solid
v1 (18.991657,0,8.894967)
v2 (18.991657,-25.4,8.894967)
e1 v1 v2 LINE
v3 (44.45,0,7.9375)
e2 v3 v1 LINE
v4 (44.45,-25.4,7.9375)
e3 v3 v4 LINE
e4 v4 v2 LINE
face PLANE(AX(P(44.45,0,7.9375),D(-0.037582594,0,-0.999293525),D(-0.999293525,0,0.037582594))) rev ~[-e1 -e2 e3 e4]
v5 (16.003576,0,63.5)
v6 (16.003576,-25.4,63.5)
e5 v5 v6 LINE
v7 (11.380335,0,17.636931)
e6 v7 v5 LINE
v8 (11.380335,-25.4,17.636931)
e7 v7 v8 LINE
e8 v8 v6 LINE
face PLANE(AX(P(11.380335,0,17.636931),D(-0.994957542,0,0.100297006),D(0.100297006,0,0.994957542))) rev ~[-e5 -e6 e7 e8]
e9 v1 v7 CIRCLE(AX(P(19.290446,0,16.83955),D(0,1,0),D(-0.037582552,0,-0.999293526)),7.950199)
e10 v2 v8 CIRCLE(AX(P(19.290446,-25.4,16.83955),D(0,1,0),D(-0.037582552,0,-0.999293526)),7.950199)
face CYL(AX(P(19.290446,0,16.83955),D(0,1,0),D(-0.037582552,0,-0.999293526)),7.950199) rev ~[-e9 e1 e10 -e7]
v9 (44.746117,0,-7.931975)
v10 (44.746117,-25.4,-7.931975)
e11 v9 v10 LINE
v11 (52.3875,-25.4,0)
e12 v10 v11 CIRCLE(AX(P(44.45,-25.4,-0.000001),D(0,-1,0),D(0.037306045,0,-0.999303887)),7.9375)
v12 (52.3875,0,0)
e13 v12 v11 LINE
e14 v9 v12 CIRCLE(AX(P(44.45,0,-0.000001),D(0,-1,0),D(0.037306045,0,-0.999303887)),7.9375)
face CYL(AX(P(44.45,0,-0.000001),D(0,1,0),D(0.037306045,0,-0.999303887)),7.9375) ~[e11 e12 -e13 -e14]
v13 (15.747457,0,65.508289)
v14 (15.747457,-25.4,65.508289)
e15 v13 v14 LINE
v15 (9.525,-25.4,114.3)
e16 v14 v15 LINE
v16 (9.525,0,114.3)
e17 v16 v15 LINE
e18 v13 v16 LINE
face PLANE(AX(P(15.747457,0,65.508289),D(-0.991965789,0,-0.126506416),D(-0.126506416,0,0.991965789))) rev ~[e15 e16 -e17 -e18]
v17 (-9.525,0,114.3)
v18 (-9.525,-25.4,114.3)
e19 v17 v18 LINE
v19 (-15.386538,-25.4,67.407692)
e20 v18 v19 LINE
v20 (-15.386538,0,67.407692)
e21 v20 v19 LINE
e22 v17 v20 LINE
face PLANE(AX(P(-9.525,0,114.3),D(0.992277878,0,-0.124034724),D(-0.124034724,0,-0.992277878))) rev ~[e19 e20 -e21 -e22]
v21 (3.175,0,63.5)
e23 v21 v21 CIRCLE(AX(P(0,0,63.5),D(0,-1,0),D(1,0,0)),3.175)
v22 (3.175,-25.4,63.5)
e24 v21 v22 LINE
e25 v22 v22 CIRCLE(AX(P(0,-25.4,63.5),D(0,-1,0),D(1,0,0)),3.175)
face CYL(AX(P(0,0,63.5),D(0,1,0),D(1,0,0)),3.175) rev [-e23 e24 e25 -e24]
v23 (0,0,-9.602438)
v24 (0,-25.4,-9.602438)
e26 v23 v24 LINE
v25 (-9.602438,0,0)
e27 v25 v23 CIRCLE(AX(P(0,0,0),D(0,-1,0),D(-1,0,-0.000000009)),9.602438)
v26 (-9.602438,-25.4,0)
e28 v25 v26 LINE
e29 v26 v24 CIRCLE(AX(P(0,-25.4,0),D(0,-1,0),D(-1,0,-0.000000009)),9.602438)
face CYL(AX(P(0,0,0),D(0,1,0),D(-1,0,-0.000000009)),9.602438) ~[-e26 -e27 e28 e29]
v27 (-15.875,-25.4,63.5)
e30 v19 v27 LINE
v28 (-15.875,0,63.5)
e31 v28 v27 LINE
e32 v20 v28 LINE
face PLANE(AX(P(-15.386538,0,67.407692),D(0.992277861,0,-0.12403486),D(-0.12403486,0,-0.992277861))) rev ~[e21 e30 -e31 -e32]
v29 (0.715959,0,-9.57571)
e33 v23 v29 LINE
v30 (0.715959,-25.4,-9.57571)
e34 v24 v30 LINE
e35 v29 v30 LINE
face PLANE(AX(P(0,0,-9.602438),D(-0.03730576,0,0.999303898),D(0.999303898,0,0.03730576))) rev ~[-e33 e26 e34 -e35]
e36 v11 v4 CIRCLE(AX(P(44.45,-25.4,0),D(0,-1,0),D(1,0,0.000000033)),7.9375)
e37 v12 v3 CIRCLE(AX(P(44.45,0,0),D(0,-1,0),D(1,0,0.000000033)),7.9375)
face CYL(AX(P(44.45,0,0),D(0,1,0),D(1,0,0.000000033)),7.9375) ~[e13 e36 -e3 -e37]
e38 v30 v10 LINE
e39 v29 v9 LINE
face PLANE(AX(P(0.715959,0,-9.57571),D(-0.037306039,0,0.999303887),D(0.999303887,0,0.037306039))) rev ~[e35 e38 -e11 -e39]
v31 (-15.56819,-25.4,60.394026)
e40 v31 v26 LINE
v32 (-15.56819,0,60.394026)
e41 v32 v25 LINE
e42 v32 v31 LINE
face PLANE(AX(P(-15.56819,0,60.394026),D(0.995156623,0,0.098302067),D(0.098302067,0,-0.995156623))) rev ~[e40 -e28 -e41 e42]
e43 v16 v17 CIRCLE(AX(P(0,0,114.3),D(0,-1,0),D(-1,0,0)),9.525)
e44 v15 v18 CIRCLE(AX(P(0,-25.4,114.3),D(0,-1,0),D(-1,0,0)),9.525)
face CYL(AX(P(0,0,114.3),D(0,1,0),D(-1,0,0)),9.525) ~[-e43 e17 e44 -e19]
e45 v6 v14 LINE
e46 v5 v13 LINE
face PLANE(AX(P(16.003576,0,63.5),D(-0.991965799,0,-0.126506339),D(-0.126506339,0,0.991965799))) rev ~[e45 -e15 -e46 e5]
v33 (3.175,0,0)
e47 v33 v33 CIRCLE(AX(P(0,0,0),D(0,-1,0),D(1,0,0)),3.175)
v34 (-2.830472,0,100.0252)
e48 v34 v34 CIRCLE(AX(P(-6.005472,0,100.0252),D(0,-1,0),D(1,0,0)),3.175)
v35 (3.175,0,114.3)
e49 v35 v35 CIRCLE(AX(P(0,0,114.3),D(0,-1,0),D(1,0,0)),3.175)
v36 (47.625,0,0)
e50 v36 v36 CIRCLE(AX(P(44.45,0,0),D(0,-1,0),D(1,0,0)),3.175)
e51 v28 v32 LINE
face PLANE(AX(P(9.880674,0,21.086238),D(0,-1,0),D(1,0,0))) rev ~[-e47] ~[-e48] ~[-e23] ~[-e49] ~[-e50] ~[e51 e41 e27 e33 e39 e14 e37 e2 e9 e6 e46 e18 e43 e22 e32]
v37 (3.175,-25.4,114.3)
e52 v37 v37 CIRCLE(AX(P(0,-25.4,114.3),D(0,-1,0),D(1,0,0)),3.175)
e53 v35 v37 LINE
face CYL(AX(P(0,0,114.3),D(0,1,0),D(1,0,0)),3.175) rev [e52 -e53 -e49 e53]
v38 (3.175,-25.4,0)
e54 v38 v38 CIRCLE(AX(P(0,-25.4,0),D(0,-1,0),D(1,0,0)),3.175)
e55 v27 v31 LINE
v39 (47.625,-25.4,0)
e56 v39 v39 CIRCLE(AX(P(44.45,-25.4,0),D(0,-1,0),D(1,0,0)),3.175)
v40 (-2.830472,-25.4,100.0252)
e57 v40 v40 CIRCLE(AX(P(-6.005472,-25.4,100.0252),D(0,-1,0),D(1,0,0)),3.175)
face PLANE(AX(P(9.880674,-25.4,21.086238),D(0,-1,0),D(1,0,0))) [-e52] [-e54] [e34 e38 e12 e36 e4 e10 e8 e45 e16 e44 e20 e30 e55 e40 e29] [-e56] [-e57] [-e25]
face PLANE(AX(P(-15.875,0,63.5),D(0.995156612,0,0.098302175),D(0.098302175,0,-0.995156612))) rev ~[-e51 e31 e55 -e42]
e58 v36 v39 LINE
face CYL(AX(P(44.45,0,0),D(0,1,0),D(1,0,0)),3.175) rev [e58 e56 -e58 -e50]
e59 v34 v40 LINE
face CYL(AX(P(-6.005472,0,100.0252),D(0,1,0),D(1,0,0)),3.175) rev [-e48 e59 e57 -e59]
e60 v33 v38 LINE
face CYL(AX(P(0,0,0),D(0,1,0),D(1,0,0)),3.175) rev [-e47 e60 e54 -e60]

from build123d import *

# Parameters (mm, degrees)
F0_R     = 3.175
F1_DEPTH = 25.4


with BuildPart() as f1:
    # F0 (on Front) → F1 (new body)
    with BuildSketch(Plane.XZ):
        with BuildLine():
            ThreePointArc((-9.602438, 0), (0, 9.602438), (9.602438, 0))
            ThreePointArc((9.602438, 0), (7.038529, -6.531916), (0.715959, -9.57571))
            Line((0.715959, -9.57571), (44.746117, -7.931975))
            ThreePointArc((44.746117, -7.931975), (36.513881, -0.148084), (44.45, 7.9375))
            Line((44.45, 7.9375), (18.991657, 8.894967))
            ThreePointArc((18.991657, 8.894967), (13.294448, 11.619044), (11.380335, 17.636931))
            Line((11.380335, 17.636931), (16.003576, 63.5))
            Line((16.003576, 63.5), (15.747457, 65.508289))
            ThreePointArc((15.747457, 65.508289), (15.843082, 64.506168), (15.875, 63.5))
            ThreePointArc((15.875, 63.5), (1.560545, 47.701889), (-15.56819, 60.394026))
            Line((-15.56819, 60.394026), (-9.602438, 0))
        make_face()
        with BuildLine():
            Line((-9.525, 114.3), (-15.386538, 67.407692))
            ThreePointArc((-15.386538, 67.407692), (0.966695, 79.34554), (15.747457, 65.508289))
            Line((15.747457, 65.508289), (9.525, 114.3))
            ThreePointArc((9.525, 114.3), (0, 104.775), (-9.525, 114.3))
        make_face()
        with Locations((-6.005472, 100.0252)):
            Circle(F0_R, mode=Mode.SUBTRACT)
        with BuildLine():
            Line((-15.875, 63.5), (-15.56819, 60.394026))
            ThreePointArc((-15.56819, 60.394026), (1.560545, 47.701889), (15.875, 63.5))
            ThreePointArc((15.875, 63.5), (15.843082, 64.506168), (15.747457, 65.508289))
            ThreePointArc((15.747457, 65.508289), (0.966695, 79.34554), (-15.386538, 67.407692))
            Line((-15.386538, 67.407692), (-15.875, 63.5))
        make_face()
        with Locations((0, 63.5)):
            Circle(F0_R, mode=Mode.SUBTRACT)
        with BuildLine():
            ThreePointArc((0.715959, -9.57571), (7.038529, -6.531916), (9.602438, 0))
            ThreePointArc((9.602438, 0), (0, 9.602438), (-9.602438, 0))
            ThreePointArc((-9.602438, 0), (-6.789949, -6.789949), (0, -9.602438))
            Line((0, -9.602438), (0.715959, -9.57571))
        make_face()
        Circle(F0_R, mode=Mode.SUBTRACT)
        with BuildLine():
            ThreePointArc((44.45, 7.9375), (36.513881, -0.148084), (44.746117, -7.931975))
            ThreePointArc((44.746117, -7.931975), (50.166395, -5.506972), (52.3875, 0))
            ThreePointArc((52.3875, 0), (50.06266, 5.61266), (44.45, 7.9375))
        make_face()
        with Locations((44.45, 0)):
            Circle(F0_R, mode=Mode.SUBTRACT)
        with BuildLine():
            ThreePointArc((9.525, 114.3), (0, 123.825), (-9.525, 114.3))
            ThreePointArc((-9.525, 114.3), (0, 104.775), (9.525, 114.3))
        make_face()
        with Locations((0, 114.3)):
            Circle(F0_R, mode=Mode.SUBTRACT)
    extrude(amount=F1_DEPTH)


solid = f1.part
